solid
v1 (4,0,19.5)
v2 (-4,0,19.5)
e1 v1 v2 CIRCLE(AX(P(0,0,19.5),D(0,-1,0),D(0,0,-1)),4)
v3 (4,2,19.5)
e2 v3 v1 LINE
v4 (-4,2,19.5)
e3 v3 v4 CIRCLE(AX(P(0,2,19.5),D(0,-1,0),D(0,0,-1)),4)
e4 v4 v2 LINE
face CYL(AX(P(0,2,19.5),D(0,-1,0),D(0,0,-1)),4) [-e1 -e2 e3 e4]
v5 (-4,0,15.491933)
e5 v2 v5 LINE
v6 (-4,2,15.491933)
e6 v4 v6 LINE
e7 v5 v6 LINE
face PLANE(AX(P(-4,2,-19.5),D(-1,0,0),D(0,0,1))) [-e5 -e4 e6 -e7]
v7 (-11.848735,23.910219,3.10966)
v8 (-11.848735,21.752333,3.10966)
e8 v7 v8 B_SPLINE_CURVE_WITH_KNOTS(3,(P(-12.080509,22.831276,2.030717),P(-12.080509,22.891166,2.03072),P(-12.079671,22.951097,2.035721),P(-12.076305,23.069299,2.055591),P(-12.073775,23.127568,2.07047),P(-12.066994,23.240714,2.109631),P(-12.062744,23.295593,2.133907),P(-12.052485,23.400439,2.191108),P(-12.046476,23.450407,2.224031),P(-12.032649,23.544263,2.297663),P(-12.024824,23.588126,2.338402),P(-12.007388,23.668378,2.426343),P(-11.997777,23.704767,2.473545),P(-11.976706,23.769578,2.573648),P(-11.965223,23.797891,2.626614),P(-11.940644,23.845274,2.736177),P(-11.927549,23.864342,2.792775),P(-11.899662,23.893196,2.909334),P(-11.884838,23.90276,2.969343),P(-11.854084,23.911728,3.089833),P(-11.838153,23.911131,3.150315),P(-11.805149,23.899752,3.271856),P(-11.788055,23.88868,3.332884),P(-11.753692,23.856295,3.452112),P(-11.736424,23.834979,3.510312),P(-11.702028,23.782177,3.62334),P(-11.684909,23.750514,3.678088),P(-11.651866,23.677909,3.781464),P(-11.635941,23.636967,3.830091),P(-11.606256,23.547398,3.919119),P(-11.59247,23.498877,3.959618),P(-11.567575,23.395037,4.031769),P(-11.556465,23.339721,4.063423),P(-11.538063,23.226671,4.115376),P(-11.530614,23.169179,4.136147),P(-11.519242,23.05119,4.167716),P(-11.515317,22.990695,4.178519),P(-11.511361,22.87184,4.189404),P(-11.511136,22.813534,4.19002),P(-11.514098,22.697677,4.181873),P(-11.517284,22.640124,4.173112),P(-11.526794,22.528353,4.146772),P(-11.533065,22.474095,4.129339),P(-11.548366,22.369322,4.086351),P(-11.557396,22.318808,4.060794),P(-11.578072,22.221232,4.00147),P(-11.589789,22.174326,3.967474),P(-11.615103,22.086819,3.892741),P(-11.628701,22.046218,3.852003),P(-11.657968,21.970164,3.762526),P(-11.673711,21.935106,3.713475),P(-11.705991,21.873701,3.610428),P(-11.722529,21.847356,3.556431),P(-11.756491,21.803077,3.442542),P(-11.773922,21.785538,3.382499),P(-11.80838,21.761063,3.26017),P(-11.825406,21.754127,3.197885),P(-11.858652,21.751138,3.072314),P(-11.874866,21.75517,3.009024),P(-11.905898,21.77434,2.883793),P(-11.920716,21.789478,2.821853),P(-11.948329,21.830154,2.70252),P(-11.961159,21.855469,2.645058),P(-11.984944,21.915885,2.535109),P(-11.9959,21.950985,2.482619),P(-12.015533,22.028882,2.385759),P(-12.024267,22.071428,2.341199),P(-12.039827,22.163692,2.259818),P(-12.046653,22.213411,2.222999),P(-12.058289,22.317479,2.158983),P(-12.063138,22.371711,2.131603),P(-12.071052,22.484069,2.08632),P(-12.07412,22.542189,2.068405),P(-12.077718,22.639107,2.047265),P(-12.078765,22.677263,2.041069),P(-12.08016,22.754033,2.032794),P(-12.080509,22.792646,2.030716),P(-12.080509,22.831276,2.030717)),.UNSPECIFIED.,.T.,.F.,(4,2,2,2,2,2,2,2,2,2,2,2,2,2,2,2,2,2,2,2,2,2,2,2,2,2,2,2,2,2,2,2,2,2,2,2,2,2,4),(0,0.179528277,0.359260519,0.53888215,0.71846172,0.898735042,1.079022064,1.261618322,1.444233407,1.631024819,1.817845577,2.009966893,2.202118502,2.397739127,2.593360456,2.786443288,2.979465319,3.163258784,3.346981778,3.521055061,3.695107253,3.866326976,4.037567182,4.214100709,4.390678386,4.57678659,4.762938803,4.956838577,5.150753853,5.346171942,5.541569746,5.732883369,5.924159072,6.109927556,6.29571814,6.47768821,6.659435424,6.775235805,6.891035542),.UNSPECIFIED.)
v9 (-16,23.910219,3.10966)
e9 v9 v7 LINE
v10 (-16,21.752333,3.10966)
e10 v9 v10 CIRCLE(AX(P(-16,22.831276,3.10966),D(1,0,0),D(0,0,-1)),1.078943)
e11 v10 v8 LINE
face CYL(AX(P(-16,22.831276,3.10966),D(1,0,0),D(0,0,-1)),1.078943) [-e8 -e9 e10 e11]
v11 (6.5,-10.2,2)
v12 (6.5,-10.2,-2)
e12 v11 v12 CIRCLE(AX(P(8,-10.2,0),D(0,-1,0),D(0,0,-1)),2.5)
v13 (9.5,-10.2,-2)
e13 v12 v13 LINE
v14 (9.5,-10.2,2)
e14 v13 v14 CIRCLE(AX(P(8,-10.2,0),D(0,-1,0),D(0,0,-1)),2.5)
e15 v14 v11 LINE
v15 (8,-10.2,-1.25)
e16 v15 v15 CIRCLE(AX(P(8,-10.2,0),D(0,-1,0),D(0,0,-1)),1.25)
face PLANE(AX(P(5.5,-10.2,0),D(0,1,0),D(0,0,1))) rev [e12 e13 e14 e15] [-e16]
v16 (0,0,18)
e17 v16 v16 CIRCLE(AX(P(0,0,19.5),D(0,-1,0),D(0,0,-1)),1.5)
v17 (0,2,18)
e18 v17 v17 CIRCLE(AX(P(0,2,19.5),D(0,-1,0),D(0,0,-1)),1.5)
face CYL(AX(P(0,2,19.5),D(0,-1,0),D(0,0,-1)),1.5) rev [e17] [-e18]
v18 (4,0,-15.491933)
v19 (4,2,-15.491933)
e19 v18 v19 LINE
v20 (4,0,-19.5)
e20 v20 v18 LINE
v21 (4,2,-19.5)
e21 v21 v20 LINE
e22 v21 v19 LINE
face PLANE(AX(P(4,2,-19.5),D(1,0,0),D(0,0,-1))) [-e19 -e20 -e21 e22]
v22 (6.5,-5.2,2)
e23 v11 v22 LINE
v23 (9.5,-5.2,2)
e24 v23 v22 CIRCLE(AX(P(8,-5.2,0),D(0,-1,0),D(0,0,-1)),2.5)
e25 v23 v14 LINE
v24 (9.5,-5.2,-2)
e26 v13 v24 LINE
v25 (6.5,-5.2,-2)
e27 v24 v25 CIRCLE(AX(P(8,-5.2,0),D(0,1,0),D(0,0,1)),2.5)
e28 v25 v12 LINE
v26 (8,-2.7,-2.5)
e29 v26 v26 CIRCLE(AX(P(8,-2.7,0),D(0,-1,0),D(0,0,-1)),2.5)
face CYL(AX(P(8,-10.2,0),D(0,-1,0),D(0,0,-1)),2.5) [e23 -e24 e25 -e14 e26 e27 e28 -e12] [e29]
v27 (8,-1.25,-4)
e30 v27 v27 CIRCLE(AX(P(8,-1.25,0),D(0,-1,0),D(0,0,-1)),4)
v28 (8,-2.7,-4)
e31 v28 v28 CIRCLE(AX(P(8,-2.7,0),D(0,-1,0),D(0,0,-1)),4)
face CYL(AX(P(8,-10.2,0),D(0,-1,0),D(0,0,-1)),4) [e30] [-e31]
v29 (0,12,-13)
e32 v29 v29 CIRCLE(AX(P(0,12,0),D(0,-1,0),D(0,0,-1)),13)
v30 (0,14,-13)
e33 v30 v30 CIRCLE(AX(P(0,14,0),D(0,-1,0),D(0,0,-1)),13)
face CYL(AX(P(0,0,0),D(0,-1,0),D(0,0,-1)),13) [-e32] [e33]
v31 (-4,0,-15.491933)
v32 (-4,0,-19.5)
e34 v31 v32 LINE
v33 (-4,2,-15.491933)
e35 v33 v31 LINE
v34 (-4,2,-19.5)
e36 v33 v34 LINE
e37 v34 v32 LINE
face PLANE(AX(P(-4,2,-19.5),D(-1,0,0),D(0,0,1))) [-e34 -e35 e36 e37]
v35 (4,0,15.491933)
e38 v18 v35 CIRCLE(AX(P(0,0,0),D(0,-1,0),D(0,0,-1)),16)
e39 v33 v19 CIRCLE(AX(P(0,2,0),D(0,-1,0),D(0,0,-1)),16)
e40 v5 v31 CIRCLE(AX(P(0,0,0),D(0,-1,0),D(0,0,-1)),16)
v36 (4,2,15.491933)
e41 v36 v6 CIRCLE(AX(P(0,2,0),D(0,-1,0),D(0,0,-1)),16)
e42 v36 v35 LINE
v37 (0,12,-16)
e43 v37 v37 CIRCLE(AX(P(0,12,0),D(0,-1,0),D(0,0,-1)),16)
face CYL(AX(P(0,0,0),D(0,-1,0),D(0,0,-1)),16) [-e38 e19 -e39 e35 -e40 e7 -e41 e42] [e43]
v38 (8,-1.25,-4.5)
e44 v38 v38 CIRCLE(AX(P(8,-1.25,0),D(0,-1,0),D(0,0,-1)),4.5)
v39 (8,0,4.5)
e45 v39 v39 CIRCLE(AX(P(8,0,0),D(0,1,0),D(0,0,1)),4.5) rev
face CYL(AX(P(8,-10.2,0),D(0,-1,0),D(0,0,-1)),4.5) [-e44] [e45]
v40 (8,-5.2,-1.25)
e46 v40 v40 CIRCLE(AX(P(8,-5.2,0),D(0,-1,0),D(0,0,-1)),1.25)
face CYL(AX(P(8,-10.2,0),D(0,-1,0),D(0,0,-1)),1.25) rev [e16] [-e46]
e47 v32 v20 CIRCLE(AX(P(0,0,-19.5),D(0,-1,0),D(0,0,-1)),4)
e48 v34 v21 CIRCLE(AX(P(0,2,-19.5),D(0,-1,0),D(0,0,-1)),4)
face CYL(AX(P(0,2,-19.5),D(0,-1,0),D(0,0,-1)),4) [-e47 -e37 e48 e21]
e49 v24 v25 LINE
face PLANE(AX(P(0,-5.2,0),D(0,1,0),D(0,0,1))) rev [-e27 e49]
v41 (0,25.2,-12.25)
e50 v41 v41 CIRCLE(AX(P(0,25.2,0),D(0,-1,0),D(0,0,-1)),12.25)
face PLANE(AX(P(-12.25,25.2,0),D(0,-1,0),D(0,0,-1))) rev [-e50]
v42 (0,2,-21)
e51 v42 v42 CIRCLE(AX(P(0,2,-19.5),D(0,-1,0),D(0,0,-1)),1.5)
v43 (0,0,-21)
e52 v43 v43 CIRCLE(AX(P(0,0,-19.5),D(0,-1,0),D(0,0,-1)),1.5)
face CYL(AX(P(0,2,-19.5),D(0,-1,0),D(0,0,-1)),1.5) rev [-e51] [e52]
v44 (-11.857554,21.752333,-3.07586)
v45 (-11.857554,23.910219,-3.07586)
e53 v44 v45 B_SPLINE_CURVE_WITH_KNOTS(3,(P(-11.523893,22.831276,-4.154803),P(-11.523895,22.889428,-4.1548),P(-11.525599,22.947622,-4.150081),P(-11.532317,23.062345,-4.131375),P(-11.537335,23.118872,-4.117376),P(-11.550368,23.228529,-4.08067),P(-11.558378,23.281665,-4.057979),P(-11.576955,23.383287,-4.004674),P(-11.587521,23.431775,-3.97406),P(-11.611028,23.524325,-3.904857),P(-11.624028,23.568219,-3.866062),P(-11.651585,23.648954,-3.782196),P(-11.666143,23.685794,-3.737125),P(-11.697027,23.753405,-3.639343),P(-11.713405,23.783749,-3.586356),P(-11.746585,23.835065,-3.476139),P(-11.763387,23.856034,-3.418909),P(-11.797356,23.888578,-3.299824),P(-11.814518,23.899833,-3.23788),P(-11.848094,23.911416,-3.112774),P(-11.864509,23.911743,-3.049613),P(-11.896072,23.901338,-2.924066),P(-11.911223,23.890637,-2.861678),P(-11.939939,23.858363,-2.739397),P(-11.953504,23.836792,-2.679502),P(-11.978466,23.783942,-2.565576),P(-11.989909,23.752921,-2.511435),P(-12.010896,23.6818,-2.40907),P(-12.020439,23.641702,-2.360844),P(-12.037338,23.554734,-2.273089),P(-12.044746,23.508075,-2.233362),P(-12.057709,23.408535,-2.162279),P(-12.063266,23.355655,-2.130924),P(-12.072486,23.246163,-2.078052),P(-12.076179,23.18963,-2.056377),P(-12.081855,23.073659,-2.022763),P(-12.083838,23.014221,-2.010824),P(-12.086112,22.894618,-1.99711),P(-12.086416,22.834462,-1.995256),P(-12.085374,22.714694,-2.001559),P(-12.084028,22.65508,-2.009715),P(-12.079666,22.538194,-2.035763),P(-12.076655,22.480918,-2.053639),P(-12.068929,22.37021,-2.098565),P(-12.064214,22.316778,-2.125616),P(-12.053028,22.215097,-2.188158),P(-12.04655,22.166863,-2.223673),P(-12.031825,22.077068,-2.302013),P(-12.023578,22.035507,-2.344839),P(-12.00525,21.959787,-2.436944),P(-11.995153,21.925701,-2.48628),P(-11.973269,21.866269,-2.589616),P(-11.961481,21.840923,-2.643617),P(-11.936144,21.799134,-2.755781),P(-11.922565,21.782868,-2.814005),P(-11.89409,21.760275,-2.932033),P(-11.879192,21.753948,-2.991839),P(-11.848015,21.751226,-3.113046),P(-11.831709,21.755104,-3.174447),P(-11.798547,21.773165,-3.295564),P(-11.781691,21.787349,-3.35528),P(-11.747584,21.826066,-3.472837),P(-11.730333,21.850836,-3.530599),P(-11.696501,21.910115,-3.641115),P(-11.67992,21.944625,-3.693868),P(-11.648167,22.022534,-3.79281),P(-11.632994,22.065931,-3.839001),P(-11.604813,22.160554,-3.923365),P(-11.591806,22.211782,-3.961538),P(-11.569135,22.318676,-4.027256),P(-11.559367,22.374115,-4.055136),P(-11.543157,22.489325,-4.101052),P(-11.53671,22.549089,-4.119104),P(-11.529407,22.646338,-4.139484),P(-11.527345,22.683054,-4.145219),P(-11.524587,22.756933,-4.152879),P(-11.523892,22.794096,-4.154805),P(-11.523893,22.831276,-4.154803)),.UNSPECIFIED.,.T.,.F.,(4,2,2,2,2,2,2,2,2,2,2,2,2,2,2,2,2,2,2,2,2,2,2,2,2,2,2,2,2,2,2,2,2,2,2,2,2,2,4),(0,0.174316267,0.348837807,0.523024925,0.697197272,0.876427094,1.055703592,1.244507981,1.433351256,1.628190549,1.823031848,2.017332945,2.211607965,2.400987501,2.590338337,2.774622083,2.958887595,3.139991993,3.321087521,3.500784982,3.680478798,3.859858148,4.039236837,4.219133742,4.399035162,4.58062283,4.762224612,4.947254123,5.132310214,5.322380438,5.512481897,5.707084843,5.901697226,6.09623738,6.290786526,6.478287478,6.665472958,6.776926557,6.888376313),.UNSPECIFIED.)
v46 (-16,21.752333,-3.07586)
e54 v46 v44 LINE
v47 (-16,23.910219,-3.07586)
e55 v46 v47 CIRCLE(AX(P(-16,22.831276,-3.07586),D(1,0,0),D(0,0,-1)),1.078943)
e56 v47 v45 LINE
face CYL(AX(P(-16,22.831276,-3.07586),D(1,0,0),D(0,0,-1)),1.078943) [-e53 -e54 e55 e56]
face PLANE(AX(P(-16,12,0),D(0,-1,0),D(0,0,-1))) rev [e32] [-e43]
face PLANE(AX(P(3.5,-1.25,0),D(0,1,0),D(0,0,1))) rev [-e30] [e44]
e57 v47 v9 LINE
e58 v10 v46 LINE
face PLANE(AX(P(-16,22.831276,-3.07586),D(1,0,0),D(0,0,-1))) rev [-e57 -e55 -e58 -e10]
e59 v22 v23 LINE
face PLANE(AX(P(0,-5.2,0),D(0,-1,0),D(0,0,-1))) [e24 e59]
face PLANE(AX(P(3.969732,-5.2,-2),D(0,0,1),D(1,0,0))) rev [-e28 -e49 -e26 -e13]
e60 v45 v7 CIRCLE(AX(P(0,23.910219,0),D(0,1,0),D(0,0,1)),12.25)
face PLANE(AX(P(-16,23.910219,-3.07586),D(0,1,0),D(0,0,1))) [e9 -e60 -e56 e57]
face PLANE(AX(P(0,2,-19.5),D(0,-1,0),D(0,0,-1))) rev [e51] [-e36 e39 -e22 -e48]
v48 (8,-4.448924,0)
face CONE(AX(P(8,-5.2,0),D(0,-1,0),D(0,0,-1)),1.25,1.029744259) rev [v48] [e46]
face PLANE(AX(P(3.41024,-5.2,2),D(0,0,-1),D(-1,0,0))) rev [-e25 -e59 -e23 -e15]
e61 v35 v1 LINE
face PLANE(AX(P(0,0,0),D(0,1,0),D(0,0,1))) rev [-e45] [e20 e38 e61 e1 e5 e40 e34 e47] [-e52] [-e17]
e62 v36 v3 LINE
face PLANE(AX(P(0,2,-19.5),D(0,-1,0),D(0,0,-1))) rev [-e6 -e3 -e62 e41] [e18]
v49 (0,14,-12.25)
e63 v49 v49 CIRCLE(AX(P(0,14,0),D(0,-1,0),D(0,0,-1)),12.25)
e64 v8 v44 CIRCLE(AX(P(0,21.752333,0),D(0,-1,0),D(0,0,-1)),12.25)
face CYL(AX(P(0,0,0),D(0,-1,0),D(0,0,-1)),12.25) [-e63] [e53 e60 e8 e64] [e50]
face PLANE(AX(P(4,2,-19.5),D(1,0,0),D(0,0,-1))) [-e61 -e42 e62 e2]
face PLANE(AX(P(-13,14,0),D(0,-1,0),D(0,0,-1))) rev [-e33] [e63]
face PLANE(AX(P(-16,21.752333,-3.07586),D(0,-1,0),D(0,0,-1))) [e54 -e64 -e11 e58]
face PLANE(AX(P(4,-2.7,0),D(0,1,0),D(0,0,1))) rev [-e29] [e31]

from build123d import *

# Parameters (mm, degrees)
HOLE_WIZARD_M3_1_D     = 2.5
HOLE_WIZARD_M3_1_DEPTH = 5
HOLE_WIZARD_M3_1_TIP   = 0.751075774
SKETCH_5_W             = 10.630358464
SKETCH_5_H             = 3.551561409
SKETCH_5_W_2           = 11.579063223
SKETCH_5_H_2           = 3.065046147
CUT_EXTRUDE_1_DEPTH    = 5
SKETCH_6_R             = 1.5
EXTRUDE_1_DEPTH        = 2
EXTRUDE_2_DEPTH        = 16


with BuildPart() as part:
    # 草图1 → 旋转1 (revolve)
    with BuildSketch(Plane.XY, mode=Mode.PRIVATE) as revolve_1_sk:
        Polygon((0, 0), (-16, 0), (-16, 12), (-13, 12), (-13, 14), (-12.25, 14), (-12.25, 25.2), (0, 25.2), align=None)
    revolve(revolve_1_sk.sketch.rotate(Axis((0, 0, 0), (0, 1, 0)), 270), axis=Axis((0, 0, 0), (0, 1, 0)))

    # 草图2 → 旋转2 (revolve)
    with BuildSketch(Plane.XY, mode=Mode.PRIVATE) as revolve_2_sk:
        Polygon((3.5, 0), (3.5, -1.25), (4, -1.25), (4, -2.7), (5.5, -2.7), (5.5, -10.2), (8, -10.2), (8, 0), align=None)
    revolve(revolve_2_sk.sketch.rotate(Axis((8, -10.2, 0), (0, 1, 0)), 270), axis=Axis((8, -10.2, 0), (0, 1, 0)))

    # M3 螺纹孔1
    with Locations(Plane(origin=(0, -10.2, 0), x_dir=(-1, 0, 0), z_dir=(0, -1, 0))):
        with Locations((-8, 0)):
            Hole(HOLE_WIZARD_M3_1_D / 2, depth=HOLE_WIZARD_M3_1_DEPTH)
            with Locations((0, 0, -(HOLE_WIZARD_M3_1_DEPTH + HOLE_WIZARD_M3_1_TIP / 2))):  # 118° drill point
                Cone(0, HOLE_WIZARD_M3_1_D / 2, HOLE_WIZARD_M3_1_TIP, mode=Mode.SUBTRACT)

    # 草图5 → 切除-拉伸1 (cut)
    with BuildSketch(Plane.XZ.offset(10.2)):
        with Locations((8.725419138, 3.775780705)):
            Rectangle(SKETCH_5_W, SKETCH_5_H)
        with Locations((9.759264069, -3.532523074)):
            Rectangle(SKETCH_5_W_2, SKETCH_5_H_2)
    extrude(amount=-CUT_EXTRUDE_1_DEPTH, mode=Mode.SUBTRACT)

    # 草图6 → 凸台-拉伸1 (add)
    with BuildSketch(Plane.XZ):
        with BuildLine():
            Line((-4, -19.5), (-4, 19.5))
            ThreePointArc((-4, 19.5), (0, 23.5), (4, 19.5))
            Line((4, 19.5), (4, -19.5))
            ThreePointArc((4, -19.5), (0, -23.5), (-4, -19.5))
        make_face()
        with Locations(Location((0, -19.5, 0), (0, 0, 270))):
            Circle(SKETCH_6_R, mode=Mode.SUBTRACT)
        with Locations(Location((0, 19.5, 0), (0, 0, 270))):
            Circle(SKETCH_6_R, mode=Mode.SUBTRACT)
    extrude(amount=-EXTRUDE_1_DEPTH)

    # 草图7 → 凸台-拉伸2 (add)
    with BuildSketch(Plane(origin=(0, 0, 0), x_dir=(0, 0, -1), z_dir=(1, 0, 0))):
        with BuildLine():
            Line((3.07585982, 21.752332949), (-3.109660478, 21.752332949))
            ThreePointArc((-3.109660478, 21.752332949), (-4.188603578, 22.83127605), (-3.109660478, 23.91021915))
            Line((-3.109660478, 23.91021915), (3.07585982, 23.91021915))
            ThreePointArc((3.07585982, 23.91021915), (4.154802921, 22.83127605), (3.07585982, 21.752332949))
        make_face()
    extrude(amount=-EXTRUDE_2_DEPTH)


solid = part.part
